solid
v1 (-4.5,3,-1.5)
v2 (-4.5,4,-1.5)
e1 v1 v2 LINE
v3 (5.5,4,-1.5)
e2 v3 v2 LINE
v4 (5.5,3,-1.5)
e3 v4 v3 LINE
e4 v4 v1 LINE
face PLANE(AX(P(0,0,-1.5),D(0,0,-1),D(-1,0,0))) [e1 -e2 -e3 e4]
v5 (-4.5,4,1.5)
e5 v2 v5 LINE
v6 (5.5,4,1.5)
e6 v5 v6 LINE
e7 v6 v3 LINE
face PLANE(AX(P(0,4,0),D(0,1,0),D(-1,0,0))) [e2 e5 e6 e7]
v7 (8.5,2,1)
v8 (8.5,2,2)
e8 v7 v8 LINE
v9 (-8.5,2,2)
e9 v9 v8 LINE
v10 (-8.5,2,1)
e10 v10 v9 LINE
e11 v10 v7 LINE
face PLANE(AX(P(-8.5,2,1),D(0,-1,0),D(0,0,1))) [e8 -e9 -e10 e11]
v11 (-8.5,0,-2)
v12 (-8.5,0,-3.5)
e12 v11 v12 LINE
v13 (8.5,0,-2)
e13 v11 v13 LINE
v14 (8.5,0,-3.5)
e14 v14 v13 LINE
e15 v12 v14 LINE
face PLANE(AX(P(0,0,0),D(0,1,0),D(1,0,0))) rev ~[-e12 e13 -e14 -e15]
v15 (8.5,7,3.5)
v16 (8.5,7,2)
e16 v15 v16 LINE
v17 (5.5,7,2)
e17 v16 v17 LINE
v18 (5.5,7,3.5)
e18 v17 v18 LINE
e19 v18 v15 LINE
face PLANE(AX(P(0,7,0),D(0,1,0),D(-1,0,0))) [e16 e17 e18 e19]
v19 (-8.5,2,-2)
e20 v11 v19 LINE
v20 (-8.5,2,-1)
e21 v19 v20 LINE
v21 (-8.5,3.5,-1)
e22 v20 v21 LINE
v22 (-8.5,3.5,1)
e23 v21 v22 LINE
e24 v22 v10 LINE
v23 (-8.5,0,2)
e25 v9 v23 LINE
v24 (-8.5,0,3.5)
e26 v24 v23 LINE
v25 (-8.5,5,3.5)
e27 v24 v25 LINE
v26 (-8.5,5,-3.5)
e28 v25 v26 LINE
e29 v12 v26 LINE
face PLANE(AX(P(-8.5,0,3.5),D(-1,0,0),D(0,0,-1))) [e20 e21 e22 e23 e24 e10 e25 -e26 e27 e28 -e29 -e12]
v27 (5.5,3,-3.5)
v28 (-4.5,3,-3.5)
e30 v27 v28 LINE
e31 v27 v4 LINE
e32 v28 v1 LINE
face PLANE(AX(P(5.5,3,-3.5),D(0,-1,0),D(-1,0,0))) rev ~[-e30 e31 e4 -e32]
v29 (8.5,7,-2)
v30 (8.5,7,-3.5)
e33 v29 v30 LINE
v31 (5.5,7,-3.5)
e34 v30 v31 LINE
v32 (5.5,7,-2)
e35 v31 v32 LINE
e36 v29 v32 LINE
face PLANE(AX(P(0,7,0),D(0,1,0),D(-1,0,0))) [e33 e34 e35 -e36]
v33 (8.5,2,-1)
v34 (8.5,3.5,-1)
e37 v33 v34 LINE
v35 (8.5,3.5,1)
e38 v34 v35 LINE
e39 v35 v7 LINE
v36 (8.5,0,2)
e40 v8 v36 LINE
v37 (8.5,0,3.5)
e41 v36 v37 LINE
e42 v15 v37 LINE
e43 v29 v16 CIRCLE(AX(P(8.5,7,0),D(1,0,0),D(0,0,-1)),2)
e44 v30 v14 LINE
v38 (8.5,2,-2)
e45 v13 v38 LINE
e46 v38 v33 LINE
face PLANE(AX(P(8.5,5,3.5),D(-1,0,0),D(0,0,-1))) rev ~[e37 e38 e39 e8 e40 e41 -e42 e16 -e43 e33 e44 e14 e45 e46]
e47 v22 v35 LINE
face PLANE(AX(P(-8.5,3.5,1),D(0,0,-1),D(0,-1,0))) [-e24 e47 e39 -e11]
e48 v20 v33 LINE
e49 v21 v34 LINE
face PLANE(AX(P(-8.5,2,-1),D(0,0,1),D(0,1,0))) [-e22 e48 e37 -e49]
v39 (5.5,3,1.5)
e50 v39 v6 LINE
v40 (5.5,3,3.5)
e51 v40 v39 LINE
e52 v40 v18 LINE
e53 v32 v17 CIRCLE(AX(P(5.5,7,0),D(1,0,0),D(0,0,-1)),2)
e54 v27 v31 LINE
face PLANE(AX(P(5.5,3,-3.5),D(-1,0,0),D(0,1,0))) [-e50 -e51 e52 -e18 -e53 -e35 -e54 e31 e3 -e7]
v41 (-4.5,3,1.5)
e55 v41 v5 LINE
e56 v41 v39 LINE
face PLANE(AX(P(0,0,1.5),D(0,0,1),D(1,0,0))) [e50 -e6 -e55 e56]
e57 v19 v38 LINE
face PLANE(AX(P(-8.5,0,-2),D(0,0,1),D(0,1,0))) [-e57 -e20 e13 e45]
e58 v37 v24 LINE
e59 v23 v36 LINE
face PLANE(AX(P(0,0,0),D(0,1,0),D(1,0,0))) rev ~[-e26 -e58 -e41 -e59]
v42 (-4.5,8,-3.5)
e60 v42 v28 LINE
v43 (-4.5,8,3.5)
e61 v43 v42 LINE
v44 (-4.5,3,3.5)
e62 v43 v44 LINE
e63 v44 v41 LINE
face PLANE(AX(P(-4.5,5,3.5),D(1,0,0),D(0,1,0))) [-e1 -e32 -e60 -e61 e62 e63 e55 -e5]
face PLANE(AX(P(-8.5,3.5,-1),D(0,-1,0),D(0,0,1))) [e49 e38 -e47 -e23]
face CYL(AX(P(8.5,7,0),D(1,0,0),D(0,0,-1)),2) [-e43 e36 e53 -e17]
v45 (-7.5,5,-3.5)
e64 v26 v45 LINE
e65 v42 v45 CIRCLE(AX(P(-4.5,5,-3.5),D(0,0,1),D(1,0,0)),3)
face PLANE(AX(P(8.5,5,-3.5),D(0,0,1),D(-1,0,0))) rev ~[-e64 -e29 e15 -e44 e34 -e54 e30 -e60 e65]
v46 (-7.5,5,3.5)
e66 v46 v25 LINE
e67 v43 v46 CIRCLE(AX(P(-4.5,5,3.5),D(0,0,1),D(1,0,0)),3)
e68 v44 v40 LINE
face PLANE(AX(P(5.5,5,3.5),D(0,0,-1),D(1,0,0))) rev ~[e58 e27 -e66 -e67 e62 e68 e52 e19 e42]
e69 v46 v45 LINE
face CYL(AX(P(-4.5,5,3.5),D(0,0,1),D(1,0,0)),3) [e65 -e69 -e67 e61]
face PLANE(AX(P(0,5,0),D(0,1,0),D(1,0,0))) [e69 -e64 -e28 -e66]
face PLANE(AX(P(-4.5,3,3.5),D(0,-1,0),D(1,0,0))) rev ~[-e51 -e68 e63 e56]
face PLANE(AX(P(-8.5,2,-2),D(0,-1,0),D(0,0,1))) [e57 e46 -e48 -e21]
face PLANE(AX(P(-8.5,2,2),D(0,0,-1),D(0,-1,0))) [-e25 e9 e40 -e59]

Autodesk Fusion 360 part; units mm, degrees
sketch "Sketch1" plane through (0, 0, 0) normal (1, 0, 0) x (0, 0, -1)
sketch "Sketch1 (2)" plane through (0, 0, 0) normal (0, 1, 0) x (1, 0, 0) in component "Component"
  line L0 (8.5, -3.5) -> (-8.5, -3.5)
  line L1 (-8.5, -3.5) -> (-8.5, 3.5)
  line L2 (-8.5, 3.5) -> (8.5, 3.5)
  line L3 (8.5, 3.5) -> (8.5, -3.5)
  line L4 (8.5, -3.5) -> (-8.5, 3.5) construction
  line L5 (-8.5, -3.5) -> (8.5, 3.5) construction
  dimension "d1" = 17
  dimension "d2" = 7
extrude "Extrude1" add sketch "Sketch1 (2)" along normal blind 5 in component "Component"
sketch "Sketch2" plane through (-8.5, 0, 0) normal (-1, 0, 0) x (0, 0, 1) in component "Component"
  line L0 (-3.5, 0) -> (3.5, 0)
  line L1 (3.5, 0) -> (3.5, 5)
  line L2 (3.5, 5) -> (-3.5, 5)
  line L3 (-3.5, 5) -> (-3.5, 0)
  line L4 (-2, 0) -> (-2, 2)
  line L5 (-2, 2) -> (-1, 2)
  line L6 (-1, 2) -> (-1, 3.5)
  line L7 (-1, 3.5) -> (1, 3.5)
  line L8 (1, 3.5) -> (1, 2)
  line L9 (1, 2) -> (2, 2)
  line L10 (2, 2) -> (2, 0)
extrude "Extrude2" cut sketch "Sketch2" against normal up to surface (17 mm away) contours L0 L4 L5 L6 L7 L8 L9 L10 in component "Component"
sketch "Sketch3" plane through (0, 0, 3.5) normal (0, 0, 1) x (1, 0, 0) in component "Component"
  line L0 (-8.5, 0) -> (8.5, 0)
  line L1 (8.5, 0) -> (8.5, 5)
  line L2 (8.5, 5) -> (-8.5, 5)
  line L3 (-8.5, 5) -> (-8.5, 0)
  circle A0 centre (-4.5, 5) radius 3
  line L4 (-4.5, 5) -> (-4.5, 8)
extrude "Extrude3" add sketch "Sketch3" against normal up to surface (7 mm away) contours L2 A0 L4 picked at (-5.6955, 6.597) in component "Component"
sketch "Sketch4" plane through (0, 5, 0) normal (0, 1, 0) x (-1, 0, 0) in component "Component"
  line L0 (4.5, -3.5) -> (4.5, 3.5)
  line L1 (4.5, 3.5) -> (-8.5, 3.5)
  line L2 (-8.5, 3.5) -> (-8.5, -3.5)
  line L3 (-8.5, -3.5) -> (4.5, -3.5)
  line L4 (-5.5, -3.5) -> (-5.5, 3.5)
extrude "Extrude4" add sketch "Sketch4" along normal blind 2 contours L1 L2 L3 L4 in component "Component"
sketch "Sketch5" plane through (8.5, 0, 0) normal (1, 0, 0) x (0, 0, -1) in component "Component"
  line L0 (-2, 0) -> (-2, 2)
  line L1 (-2, 2) -> (-1, 2)
  line L2 (-1, 2) -> (-1, 3.5)
  line L3 (-1, 3.5) -> (1, 3.5)
  line L4 (1, 3.5) -> (1, 2)
  line L5 (1, 2) -> (2, 2)
  line L6 (2, 2) -> (2, 0)
  line L7 (2, 0) -> (3.5, 0)
  line L8 (3.5, 0) -> (3.5, 7)
  line L9 (3.5, 7) -> (-3.5, 7)
  line L10 (-3.5, 7) -> (-3.5, 0)
  line L11 (-3.5, 0) -> (-2, 0)
  circle A0 centre (0, 7) radius 2
extrude "Extrude5" add sketch "Sketch5" against normal up to surface (3 mm away) contours L9 A0 picked at (0.4157, 7.5212) in component "Component"
sketch "Sketch6" plane through (0, 0, 3.5) normal (0, 0, 1) x (1, 0, 0) in component "Component"
  line L0 (-8.5, 0) -> (8.5, 0)
  line L1 (8.5, 0) -> (8.5, 7)
  line L2 (8.5, 7) -> (5.5, 7)
  line L3 (5.5, 7) -> (5.5, 5)
  line L4 (5.5, 5) -> (-4.5, 5)
  line L5 (-4.5, 5) -> (-4.5, 8)
  arc A0 (-4.5, 8) -> (-7.5, 5) centre (-4.5, 5) ccw
  line L6 (-7.5, 5) -> (-8.5, 5)
  line L7 (-8.5, 5) -> (-8.5, 0)
  line L8 (-4.5, 3) -> (5.5, 3)
  line L9 (5.5, 3) -> (5.5, 5)
  line L10 (-4.5, 3) -> (-4.5, 3.127)
  line L11 (-4.5, 3.127) -> (-4.5, 5)
extrude "Extrude6" cut sketch "Sketch6" against normal blind 2 contours L4 L8 L9 L10 L11 in component "Component"
sketch "Sketch7" plane through (0, 0, -3.5) normal (0, 0, -1) x (-1, 0, 0) in component "Component"
  line L0 (-8.5, 0) -> (8.5, 0)
  line L1 (8.5, 0) -> (8.5, 5)
  line L2 (8.5, 5) -> (7.5, 5)
  arc A0 (7.5, 5) -> (4.5, 8) centre (4.5, 5) ccw
  line L3 (4.5, 8) -> (4.5, 5)
  line L4 (4.5, 5) -> (-5.5, 5)
  line L5 (-5.5, 5) -> (-5.5, 7)
  line L6 (-5.5, 7) -> (-8.5, 7)
  line L7 (-8.5, 7) -> (-8.5, 0)
  line L8 (-5.5, 3) -> (4.5, 3)
  line L9 (4.5, 3) -> (4.5, 5)
  line L10 (-5.5, 3) -> (-5.5, 5)
extrude "Extrude7" cut sketch "Sketch7" against normal blind 2 contours L4 L8 L9 L10 in component "Component"
sketch "Sketch8" plane through (0, 5, 0) normal (0, 1, 0) x (-1, 0, 0) in component "Component"
  line L0 (-5.5, -1.5) -> (4.5, -1.5)
  line L1 (4.5, -1.5) -> (4.5, 1.5)
  line L2 (4.5, 1.5) -> (-5.5, 1.5)
  line L3 (-5.5, 1.5) -> (-5.5, -1.5)
extrude "Extrude8" cut sketch "Sketch8" against normal blind 1 in component "Component"
component "Component" placed x (1, 0, 0) y (0, 1, 0) z (0, 0, 1) at (0, 0, 0)
